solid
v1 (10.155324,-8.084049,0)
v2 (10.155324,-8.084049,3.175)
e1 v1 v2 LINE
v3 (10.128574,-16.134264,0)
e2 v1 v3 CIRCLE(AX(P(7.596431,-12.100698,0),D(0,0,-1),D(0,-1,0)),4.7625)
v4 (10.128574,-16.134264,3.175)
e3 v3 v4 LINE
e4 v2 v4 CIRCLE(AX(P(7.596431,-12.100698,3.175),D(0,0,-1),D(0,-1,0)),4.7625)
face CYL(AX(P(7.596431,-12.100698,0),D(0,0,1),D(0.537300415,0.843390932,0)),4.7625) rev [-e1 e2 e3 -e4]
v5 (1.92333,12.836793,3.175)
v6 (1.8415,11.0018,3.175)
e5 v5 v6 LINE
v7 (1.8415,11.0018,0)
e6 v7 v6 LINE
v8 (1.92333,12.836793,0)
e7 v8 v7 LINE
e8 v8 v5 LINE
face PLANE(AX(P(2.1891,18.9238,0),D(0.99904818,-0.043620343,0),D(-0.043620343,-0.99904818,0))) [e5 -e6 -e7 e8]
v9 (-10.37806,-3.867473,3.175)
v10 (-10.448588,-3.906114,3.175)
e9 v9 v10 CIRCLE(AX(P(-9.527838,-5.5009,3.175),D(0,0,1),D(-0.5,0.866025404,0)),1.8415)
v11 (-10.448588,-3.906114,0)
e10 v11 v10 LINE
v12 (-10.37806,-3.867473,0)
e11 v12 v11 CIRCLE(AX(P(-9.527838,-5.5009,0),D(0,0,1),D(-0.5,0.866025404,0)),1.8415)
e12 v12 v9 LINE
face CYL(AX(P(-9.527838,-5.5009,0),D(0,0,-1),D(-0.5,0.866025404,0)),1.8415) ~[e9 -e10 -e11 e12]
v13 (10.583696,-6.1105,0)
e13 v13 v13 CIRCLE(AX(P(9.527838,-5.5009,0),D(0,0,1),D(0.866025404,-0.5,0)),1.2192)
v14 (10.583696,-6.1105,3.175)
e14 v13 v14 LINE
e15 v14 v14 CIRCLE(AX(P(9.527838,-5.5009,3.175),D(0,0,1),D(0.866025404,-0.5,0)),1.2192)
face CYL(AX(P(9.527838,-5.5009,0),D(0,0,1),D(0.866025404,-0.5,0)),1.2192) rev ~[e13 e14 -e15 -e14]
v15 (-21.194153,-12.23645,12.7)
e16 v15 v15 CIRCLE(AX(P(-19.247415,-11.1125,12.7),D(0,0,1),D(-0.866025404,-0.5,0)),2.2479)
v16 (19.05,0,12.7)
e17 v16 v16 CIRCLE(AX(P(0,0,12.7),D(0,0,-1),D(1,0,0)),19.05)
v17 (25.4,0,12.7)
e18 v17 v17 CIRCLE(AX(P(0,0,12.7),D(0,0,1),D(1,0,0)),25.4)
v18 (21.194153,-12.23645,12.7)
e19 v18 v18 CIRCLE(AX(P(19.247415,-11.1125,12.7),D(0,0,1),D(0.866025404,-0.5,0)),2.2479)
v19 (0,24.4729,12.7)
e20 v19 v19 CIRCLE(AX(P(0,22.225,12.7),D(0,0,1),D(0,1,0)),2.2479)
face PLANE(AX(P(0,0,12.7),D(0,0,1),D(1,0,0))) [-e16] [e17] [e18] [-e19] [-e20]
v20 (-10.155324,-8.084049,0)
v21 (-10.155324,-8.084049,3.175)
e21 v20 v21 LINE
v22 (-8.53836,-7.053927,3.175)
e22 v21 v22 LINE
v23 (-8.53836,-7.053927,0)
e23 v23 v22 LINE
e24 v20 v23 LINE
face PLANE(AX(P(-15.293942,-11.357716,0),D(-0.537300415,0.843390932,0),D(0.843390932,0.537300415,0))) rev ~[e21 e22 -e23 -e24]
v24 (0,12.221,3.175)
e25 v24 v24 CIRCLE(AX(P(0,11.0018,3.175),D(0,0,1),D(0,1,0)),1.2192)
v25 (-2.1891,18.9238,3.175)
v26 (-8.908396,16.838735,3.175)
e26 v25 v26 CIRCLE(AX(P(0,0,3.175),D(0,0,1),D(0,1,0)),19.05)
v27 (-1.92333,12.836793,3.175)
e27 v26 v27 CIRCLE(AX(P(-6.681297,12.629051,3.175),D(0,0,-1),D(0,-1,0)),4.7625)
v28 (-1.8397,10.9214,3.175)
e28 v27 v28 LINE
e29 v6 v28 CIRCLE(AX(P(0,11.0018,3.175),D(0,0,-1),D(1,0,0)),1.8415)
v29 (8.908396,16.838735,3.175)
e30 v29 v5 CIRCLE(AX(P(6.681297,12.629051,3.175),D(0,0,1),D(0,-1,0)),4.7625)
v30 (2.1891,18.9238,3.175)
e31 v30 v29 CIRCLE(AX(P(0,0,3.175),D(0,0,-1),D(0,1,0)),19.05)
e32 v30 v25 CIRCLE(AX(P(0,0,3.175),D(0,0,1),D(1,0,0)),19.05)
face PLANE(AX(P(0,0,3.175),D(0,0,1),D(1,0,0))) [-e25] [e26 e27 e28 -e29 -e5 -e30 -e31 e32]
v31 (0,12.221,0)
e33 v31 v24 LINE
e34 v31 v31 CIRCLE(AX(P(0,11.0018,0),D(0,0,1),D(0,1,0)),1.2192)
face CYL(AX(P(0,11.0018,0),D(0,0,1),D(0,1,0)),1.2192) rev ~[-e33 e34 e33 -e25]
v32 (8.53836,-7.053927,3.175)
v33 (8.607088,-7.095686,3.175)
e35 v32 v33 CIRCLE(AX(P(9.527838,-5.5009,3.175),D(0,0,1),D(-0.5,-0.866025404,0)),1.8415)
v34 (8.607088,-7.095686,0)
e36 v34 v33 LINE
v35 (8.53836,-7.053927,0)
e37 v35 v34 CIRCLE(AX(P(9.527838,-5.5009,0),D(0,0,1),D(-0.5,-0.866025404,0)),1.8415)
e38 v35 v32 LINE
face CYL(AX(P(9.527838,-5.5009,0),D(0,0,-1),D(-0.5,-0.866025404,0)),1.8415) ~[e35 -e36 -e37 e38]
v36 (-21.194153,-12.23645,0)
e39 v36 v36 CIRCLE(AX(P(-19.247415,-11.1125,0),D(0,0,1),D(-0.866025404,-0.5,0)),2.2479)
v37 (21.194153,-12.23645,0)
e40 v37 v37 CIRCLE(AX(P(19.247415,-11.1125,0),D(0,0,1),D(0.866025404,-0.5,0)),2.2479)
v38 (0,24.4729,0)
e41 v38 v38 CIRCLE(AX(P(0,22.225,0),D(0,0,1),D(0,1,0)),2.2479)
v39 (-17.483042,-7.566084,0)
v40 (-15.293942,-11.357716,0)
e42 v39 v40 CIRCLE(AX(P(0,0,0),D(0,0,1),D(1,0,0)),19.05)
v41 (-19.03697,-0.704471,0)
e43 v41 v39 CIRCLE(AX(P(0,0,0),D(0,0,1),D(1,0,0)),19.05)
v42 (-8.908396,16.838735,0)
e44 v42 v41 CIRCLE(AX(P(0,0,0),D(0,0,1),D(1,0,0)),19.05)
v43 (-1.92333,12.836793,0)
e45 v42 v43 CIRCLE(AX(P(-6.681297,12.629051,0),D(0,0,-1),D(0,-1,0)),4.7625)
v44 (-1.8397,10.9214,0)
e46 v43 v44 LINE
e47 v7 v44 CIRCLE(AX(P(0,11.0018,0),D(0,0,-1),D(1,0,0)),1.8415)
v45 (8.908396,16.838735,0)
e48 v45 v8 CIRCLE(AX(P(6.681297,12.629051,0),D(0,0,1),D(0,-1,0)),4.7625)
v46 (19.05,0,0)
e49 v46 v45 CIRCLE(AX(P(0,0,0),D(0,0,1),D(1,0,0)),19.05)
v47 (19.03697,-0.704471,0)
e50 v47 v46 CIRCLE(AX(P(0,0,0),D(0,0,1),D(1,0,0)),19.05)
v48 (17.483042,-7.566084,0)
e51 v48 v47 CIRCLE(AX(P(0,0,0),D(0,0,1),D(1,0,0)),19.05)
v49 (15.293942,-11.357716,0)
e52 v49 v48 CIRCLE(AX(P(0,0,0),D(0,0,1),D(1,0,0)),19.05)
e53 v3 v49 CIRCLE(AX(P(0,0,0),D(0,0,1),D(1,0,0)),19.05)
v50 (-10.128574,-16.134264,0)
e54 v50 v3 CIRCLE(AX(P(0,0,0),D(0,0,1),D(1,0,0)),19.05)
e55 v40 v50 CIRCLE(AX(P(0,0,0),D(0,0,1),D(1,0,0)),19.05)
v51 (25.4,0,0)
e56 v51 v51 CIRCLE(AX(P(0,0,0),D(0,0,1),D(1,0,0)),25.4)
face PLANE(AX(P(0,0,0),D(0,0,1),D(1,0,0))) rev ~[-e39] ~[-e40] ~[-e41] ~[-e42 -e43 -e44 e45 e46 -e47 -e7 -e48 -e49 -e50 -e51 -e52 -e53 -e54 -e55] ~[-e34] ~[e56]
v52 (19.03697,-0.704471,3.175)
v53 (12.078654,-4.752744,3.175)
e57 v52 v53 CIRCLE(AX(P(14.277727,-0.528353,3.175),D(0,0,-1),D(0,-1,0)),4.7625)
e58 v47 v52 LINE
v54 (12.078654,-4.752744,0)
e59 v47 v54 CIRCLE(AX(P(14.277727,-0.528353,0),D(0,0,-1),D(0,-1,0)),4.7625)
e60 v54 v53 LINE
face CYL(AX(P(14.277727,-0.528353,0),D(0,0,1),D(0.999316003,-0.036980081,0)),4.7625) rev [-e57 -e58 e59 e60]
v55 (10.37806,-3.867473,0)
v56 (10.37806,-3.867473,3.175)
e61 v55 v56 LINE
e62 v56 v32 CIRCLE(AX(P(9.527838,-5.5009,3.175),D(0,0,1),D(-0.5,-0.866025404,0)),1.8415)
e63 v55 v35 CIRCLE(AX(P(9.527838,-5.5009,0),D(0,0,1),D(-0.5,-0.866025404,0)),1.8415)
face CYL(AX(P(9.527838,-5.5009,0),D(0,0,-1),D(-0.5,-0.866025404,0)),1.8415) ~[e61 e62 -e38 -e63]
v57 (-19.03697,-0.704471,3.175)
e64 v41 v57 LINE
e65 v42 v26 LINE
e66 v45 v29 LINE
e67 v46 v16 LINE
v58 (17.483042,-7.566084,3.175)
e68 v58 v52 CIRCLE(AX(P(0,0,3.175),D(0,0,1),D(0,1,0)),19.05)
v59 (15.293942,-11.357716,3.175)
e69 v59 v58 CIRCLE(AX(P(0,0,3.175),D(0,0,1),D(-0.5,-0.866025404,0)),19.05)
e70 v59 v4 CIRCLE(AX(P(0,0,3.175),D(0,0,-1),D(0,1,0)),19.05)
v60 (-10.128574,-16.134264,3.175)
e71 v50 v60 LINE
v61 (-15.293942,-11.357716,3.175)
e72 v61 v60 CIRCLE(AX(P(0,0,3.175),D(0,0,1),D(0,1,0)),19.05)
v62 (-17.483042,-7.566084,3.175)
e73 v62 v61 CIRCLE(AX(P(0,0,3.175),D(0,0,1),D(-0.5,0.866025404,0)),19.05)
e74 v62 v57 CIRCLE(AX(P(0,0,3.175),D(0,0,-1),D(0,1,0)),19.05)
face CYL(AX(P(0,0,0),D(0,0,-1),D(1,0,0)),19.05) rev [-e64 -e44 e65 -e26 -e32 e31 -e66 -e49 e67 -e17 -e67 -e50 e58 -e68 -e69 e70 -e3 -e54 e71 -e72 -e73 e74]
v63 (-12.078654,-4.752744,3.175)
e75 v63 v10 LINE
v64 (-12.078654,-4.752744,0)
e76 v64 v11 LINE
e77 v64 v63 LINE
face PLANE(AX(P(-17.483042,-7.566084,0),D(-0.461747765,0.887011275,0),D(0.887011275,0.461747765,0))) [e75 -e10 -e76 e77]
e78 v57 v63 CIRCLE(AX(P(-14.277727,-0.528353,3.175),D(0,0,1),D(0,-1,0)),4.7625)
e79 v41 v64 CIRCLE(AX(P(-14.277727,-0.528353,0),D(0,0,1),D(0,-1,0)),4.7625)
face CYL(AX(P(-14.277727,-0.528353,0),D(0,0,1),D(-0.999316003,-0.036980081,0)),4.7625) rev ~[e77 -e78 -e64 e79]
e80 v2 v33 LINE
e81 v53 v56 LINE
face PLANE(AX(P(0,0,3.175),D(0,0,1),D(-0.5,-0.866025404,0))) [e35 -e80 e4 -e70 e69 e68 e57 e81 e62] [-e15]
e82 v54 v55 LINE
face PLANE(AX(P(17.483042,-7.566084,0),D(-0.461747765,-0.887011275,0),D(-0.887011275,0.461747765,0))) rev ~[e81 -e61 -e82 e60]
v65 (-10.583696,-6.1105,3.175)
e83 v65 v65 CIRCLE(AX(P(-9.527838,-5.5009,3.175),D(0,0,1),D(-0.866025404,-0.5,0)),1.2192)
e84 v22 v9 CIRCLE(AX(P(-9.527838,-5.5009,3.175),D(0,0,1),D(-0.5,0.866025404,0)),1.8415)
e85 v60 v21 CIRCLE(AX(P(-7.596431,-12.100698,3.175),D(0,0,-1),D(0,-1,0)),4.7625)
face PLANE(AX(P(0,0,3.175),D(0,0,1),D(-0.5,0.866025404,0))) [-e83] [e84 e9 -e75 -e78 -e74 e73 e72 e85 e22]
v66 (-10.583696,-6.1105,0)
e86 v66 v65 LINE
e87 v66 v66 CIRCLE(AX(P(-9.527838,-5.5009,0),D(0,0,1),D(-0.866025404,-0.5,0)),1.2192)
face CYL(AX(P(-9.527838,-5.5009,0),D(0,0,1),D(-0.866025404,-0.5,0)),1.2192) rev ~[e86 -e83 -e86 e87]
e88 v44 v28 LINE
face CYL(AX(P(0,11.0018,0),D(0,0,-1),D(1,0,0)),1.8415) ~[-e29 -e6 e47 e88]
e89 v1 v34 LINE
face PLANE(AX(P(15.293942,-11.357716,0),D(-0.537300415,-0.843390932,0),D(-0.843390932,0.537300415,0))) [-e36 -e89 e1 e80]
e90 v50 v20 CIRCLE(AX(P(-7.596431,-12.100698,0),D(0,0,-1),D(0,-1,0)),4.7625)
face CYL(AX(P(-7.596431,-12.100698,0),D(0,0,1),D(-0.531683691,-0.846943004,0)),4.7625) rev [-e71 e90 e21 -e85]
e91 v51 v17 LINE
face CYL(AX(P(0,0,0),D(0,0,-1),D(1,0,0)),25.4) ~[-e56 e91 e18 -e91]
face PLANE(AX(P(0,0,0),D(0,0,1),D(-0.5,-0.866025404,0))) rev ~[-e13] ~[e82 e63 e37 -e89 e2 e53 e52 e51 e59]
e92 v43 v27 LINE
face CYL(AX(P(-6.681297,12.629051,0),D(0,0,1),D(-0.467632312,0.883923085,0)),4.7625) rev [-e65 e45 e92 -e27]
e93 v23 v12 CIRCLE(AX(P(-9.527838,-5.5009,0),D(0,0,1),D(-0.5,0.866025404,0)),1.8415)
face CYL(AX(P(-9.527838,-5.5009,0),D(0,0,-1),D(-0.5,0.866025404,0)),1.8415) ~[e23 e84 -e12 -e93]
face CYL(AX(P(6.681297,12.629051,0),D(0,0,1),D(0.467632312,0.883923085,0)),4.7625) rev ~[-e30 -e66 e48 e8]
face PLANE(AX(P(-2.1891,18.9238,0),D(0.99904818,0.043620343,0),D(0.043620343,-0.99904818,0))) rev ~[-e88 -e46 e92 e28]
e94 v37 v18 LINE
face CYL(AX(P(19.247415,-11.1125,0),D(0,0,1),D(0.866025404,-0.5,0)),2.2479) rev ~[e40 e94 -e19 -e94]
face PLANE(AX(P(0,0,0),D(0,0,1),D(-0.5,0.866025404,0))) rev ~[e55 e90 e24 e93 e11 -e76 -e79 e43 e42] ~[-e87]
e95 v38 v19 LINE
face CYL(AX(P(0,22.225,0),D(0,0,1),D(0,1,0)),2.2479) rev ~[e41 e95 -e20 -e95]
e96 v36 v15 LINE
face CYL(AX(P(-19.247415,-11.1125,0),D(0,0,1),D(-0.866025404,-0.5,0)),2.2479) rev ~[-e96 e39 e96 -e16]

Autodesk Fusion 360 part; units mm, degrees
sketch "Sketch1" plane through (0, 0, 0) normal (0, 0, 1) x (1, 0, 0)
  circle A0 centre (0, 0) radius 19.05
  circle A1 centre (0, 0) radius 25.4
  circle A2 centre (0, 0) radius 22.225 construction
  line L0 (0, 0) -> (0, 11.0018) construction
  circle A3 centre (0, 0) radius 7.9375 construction
  circle A4 centre (0, 11.0018) radius 1.8415
  line L1 (-16.9425, 18.9238) -> (16.9425, 18.9238) construction
  line L2 (2.1891, 18.9238) -> (1.8397, 10.9214)
  line L3 (-2.1891, 18.9238) -> (-1.8397, 10.9214)
  circle A5 centre (0, 11.0018) radius 3.0643 construction
  point P0 (0, 18.9238)
  point P1 (0, 22.225)
  dimension "d1" = 38.1
  dimension "d2" = 50.8
  dimension "d3" = 44.45
  dimension "d4" = 11.0018
  dimension "d5" = 15.875
  dimension "otherdiam" = 3.683
  dimension "d28" = 2.5
extrude "Extrude1" add sketch "Sketch1" along normal blind 12.7
extrude "Extrude2" add sketch "Sketch1" along normal blind 3.175 contours A0 A4 L2 L3 | A4 L2 picked at (-0.0134, 16.9716)
hole "Hole1" at (0, 22.225, 0) direction (0, 0, 1) diameter 4.4958 end up to surface (12.7 mm away)
hole "Hole2" at (0, 11.0018, 0) direction (0, 0, 1) diameter 2.4384 end up to surface (3.175 mm away)
pattern_circular "C-Pattern1" count 3 over 360 about axis through (0, 0, 0) along (0, 0, 1) of "Extrude2"
pattern_circular "C-Pattern2" count 3 over 360 about axis through (0, 0, 0) along (0, 0, 1) of "Hole1"
pattern_circular "C-Pattern3" count 3 over 360 about axis through (0, 0, 0) along (0, 0, 1) of "Hole2"
fillet "Fillet1" radius 4.7625 6 edges at (-17.4831, -7.5661, 1.5875) (-15.2939, -11.3577, 1.5875) (2.1891, 18.9238, 1.5875) (-2.1891, 18.9238, 1.5875) (15.2939, -11.3577, 1.5875) (17.4831, -7.5661, 1.5875)
equation "d28 = angle"
equation "angle = 2.5 deg"
